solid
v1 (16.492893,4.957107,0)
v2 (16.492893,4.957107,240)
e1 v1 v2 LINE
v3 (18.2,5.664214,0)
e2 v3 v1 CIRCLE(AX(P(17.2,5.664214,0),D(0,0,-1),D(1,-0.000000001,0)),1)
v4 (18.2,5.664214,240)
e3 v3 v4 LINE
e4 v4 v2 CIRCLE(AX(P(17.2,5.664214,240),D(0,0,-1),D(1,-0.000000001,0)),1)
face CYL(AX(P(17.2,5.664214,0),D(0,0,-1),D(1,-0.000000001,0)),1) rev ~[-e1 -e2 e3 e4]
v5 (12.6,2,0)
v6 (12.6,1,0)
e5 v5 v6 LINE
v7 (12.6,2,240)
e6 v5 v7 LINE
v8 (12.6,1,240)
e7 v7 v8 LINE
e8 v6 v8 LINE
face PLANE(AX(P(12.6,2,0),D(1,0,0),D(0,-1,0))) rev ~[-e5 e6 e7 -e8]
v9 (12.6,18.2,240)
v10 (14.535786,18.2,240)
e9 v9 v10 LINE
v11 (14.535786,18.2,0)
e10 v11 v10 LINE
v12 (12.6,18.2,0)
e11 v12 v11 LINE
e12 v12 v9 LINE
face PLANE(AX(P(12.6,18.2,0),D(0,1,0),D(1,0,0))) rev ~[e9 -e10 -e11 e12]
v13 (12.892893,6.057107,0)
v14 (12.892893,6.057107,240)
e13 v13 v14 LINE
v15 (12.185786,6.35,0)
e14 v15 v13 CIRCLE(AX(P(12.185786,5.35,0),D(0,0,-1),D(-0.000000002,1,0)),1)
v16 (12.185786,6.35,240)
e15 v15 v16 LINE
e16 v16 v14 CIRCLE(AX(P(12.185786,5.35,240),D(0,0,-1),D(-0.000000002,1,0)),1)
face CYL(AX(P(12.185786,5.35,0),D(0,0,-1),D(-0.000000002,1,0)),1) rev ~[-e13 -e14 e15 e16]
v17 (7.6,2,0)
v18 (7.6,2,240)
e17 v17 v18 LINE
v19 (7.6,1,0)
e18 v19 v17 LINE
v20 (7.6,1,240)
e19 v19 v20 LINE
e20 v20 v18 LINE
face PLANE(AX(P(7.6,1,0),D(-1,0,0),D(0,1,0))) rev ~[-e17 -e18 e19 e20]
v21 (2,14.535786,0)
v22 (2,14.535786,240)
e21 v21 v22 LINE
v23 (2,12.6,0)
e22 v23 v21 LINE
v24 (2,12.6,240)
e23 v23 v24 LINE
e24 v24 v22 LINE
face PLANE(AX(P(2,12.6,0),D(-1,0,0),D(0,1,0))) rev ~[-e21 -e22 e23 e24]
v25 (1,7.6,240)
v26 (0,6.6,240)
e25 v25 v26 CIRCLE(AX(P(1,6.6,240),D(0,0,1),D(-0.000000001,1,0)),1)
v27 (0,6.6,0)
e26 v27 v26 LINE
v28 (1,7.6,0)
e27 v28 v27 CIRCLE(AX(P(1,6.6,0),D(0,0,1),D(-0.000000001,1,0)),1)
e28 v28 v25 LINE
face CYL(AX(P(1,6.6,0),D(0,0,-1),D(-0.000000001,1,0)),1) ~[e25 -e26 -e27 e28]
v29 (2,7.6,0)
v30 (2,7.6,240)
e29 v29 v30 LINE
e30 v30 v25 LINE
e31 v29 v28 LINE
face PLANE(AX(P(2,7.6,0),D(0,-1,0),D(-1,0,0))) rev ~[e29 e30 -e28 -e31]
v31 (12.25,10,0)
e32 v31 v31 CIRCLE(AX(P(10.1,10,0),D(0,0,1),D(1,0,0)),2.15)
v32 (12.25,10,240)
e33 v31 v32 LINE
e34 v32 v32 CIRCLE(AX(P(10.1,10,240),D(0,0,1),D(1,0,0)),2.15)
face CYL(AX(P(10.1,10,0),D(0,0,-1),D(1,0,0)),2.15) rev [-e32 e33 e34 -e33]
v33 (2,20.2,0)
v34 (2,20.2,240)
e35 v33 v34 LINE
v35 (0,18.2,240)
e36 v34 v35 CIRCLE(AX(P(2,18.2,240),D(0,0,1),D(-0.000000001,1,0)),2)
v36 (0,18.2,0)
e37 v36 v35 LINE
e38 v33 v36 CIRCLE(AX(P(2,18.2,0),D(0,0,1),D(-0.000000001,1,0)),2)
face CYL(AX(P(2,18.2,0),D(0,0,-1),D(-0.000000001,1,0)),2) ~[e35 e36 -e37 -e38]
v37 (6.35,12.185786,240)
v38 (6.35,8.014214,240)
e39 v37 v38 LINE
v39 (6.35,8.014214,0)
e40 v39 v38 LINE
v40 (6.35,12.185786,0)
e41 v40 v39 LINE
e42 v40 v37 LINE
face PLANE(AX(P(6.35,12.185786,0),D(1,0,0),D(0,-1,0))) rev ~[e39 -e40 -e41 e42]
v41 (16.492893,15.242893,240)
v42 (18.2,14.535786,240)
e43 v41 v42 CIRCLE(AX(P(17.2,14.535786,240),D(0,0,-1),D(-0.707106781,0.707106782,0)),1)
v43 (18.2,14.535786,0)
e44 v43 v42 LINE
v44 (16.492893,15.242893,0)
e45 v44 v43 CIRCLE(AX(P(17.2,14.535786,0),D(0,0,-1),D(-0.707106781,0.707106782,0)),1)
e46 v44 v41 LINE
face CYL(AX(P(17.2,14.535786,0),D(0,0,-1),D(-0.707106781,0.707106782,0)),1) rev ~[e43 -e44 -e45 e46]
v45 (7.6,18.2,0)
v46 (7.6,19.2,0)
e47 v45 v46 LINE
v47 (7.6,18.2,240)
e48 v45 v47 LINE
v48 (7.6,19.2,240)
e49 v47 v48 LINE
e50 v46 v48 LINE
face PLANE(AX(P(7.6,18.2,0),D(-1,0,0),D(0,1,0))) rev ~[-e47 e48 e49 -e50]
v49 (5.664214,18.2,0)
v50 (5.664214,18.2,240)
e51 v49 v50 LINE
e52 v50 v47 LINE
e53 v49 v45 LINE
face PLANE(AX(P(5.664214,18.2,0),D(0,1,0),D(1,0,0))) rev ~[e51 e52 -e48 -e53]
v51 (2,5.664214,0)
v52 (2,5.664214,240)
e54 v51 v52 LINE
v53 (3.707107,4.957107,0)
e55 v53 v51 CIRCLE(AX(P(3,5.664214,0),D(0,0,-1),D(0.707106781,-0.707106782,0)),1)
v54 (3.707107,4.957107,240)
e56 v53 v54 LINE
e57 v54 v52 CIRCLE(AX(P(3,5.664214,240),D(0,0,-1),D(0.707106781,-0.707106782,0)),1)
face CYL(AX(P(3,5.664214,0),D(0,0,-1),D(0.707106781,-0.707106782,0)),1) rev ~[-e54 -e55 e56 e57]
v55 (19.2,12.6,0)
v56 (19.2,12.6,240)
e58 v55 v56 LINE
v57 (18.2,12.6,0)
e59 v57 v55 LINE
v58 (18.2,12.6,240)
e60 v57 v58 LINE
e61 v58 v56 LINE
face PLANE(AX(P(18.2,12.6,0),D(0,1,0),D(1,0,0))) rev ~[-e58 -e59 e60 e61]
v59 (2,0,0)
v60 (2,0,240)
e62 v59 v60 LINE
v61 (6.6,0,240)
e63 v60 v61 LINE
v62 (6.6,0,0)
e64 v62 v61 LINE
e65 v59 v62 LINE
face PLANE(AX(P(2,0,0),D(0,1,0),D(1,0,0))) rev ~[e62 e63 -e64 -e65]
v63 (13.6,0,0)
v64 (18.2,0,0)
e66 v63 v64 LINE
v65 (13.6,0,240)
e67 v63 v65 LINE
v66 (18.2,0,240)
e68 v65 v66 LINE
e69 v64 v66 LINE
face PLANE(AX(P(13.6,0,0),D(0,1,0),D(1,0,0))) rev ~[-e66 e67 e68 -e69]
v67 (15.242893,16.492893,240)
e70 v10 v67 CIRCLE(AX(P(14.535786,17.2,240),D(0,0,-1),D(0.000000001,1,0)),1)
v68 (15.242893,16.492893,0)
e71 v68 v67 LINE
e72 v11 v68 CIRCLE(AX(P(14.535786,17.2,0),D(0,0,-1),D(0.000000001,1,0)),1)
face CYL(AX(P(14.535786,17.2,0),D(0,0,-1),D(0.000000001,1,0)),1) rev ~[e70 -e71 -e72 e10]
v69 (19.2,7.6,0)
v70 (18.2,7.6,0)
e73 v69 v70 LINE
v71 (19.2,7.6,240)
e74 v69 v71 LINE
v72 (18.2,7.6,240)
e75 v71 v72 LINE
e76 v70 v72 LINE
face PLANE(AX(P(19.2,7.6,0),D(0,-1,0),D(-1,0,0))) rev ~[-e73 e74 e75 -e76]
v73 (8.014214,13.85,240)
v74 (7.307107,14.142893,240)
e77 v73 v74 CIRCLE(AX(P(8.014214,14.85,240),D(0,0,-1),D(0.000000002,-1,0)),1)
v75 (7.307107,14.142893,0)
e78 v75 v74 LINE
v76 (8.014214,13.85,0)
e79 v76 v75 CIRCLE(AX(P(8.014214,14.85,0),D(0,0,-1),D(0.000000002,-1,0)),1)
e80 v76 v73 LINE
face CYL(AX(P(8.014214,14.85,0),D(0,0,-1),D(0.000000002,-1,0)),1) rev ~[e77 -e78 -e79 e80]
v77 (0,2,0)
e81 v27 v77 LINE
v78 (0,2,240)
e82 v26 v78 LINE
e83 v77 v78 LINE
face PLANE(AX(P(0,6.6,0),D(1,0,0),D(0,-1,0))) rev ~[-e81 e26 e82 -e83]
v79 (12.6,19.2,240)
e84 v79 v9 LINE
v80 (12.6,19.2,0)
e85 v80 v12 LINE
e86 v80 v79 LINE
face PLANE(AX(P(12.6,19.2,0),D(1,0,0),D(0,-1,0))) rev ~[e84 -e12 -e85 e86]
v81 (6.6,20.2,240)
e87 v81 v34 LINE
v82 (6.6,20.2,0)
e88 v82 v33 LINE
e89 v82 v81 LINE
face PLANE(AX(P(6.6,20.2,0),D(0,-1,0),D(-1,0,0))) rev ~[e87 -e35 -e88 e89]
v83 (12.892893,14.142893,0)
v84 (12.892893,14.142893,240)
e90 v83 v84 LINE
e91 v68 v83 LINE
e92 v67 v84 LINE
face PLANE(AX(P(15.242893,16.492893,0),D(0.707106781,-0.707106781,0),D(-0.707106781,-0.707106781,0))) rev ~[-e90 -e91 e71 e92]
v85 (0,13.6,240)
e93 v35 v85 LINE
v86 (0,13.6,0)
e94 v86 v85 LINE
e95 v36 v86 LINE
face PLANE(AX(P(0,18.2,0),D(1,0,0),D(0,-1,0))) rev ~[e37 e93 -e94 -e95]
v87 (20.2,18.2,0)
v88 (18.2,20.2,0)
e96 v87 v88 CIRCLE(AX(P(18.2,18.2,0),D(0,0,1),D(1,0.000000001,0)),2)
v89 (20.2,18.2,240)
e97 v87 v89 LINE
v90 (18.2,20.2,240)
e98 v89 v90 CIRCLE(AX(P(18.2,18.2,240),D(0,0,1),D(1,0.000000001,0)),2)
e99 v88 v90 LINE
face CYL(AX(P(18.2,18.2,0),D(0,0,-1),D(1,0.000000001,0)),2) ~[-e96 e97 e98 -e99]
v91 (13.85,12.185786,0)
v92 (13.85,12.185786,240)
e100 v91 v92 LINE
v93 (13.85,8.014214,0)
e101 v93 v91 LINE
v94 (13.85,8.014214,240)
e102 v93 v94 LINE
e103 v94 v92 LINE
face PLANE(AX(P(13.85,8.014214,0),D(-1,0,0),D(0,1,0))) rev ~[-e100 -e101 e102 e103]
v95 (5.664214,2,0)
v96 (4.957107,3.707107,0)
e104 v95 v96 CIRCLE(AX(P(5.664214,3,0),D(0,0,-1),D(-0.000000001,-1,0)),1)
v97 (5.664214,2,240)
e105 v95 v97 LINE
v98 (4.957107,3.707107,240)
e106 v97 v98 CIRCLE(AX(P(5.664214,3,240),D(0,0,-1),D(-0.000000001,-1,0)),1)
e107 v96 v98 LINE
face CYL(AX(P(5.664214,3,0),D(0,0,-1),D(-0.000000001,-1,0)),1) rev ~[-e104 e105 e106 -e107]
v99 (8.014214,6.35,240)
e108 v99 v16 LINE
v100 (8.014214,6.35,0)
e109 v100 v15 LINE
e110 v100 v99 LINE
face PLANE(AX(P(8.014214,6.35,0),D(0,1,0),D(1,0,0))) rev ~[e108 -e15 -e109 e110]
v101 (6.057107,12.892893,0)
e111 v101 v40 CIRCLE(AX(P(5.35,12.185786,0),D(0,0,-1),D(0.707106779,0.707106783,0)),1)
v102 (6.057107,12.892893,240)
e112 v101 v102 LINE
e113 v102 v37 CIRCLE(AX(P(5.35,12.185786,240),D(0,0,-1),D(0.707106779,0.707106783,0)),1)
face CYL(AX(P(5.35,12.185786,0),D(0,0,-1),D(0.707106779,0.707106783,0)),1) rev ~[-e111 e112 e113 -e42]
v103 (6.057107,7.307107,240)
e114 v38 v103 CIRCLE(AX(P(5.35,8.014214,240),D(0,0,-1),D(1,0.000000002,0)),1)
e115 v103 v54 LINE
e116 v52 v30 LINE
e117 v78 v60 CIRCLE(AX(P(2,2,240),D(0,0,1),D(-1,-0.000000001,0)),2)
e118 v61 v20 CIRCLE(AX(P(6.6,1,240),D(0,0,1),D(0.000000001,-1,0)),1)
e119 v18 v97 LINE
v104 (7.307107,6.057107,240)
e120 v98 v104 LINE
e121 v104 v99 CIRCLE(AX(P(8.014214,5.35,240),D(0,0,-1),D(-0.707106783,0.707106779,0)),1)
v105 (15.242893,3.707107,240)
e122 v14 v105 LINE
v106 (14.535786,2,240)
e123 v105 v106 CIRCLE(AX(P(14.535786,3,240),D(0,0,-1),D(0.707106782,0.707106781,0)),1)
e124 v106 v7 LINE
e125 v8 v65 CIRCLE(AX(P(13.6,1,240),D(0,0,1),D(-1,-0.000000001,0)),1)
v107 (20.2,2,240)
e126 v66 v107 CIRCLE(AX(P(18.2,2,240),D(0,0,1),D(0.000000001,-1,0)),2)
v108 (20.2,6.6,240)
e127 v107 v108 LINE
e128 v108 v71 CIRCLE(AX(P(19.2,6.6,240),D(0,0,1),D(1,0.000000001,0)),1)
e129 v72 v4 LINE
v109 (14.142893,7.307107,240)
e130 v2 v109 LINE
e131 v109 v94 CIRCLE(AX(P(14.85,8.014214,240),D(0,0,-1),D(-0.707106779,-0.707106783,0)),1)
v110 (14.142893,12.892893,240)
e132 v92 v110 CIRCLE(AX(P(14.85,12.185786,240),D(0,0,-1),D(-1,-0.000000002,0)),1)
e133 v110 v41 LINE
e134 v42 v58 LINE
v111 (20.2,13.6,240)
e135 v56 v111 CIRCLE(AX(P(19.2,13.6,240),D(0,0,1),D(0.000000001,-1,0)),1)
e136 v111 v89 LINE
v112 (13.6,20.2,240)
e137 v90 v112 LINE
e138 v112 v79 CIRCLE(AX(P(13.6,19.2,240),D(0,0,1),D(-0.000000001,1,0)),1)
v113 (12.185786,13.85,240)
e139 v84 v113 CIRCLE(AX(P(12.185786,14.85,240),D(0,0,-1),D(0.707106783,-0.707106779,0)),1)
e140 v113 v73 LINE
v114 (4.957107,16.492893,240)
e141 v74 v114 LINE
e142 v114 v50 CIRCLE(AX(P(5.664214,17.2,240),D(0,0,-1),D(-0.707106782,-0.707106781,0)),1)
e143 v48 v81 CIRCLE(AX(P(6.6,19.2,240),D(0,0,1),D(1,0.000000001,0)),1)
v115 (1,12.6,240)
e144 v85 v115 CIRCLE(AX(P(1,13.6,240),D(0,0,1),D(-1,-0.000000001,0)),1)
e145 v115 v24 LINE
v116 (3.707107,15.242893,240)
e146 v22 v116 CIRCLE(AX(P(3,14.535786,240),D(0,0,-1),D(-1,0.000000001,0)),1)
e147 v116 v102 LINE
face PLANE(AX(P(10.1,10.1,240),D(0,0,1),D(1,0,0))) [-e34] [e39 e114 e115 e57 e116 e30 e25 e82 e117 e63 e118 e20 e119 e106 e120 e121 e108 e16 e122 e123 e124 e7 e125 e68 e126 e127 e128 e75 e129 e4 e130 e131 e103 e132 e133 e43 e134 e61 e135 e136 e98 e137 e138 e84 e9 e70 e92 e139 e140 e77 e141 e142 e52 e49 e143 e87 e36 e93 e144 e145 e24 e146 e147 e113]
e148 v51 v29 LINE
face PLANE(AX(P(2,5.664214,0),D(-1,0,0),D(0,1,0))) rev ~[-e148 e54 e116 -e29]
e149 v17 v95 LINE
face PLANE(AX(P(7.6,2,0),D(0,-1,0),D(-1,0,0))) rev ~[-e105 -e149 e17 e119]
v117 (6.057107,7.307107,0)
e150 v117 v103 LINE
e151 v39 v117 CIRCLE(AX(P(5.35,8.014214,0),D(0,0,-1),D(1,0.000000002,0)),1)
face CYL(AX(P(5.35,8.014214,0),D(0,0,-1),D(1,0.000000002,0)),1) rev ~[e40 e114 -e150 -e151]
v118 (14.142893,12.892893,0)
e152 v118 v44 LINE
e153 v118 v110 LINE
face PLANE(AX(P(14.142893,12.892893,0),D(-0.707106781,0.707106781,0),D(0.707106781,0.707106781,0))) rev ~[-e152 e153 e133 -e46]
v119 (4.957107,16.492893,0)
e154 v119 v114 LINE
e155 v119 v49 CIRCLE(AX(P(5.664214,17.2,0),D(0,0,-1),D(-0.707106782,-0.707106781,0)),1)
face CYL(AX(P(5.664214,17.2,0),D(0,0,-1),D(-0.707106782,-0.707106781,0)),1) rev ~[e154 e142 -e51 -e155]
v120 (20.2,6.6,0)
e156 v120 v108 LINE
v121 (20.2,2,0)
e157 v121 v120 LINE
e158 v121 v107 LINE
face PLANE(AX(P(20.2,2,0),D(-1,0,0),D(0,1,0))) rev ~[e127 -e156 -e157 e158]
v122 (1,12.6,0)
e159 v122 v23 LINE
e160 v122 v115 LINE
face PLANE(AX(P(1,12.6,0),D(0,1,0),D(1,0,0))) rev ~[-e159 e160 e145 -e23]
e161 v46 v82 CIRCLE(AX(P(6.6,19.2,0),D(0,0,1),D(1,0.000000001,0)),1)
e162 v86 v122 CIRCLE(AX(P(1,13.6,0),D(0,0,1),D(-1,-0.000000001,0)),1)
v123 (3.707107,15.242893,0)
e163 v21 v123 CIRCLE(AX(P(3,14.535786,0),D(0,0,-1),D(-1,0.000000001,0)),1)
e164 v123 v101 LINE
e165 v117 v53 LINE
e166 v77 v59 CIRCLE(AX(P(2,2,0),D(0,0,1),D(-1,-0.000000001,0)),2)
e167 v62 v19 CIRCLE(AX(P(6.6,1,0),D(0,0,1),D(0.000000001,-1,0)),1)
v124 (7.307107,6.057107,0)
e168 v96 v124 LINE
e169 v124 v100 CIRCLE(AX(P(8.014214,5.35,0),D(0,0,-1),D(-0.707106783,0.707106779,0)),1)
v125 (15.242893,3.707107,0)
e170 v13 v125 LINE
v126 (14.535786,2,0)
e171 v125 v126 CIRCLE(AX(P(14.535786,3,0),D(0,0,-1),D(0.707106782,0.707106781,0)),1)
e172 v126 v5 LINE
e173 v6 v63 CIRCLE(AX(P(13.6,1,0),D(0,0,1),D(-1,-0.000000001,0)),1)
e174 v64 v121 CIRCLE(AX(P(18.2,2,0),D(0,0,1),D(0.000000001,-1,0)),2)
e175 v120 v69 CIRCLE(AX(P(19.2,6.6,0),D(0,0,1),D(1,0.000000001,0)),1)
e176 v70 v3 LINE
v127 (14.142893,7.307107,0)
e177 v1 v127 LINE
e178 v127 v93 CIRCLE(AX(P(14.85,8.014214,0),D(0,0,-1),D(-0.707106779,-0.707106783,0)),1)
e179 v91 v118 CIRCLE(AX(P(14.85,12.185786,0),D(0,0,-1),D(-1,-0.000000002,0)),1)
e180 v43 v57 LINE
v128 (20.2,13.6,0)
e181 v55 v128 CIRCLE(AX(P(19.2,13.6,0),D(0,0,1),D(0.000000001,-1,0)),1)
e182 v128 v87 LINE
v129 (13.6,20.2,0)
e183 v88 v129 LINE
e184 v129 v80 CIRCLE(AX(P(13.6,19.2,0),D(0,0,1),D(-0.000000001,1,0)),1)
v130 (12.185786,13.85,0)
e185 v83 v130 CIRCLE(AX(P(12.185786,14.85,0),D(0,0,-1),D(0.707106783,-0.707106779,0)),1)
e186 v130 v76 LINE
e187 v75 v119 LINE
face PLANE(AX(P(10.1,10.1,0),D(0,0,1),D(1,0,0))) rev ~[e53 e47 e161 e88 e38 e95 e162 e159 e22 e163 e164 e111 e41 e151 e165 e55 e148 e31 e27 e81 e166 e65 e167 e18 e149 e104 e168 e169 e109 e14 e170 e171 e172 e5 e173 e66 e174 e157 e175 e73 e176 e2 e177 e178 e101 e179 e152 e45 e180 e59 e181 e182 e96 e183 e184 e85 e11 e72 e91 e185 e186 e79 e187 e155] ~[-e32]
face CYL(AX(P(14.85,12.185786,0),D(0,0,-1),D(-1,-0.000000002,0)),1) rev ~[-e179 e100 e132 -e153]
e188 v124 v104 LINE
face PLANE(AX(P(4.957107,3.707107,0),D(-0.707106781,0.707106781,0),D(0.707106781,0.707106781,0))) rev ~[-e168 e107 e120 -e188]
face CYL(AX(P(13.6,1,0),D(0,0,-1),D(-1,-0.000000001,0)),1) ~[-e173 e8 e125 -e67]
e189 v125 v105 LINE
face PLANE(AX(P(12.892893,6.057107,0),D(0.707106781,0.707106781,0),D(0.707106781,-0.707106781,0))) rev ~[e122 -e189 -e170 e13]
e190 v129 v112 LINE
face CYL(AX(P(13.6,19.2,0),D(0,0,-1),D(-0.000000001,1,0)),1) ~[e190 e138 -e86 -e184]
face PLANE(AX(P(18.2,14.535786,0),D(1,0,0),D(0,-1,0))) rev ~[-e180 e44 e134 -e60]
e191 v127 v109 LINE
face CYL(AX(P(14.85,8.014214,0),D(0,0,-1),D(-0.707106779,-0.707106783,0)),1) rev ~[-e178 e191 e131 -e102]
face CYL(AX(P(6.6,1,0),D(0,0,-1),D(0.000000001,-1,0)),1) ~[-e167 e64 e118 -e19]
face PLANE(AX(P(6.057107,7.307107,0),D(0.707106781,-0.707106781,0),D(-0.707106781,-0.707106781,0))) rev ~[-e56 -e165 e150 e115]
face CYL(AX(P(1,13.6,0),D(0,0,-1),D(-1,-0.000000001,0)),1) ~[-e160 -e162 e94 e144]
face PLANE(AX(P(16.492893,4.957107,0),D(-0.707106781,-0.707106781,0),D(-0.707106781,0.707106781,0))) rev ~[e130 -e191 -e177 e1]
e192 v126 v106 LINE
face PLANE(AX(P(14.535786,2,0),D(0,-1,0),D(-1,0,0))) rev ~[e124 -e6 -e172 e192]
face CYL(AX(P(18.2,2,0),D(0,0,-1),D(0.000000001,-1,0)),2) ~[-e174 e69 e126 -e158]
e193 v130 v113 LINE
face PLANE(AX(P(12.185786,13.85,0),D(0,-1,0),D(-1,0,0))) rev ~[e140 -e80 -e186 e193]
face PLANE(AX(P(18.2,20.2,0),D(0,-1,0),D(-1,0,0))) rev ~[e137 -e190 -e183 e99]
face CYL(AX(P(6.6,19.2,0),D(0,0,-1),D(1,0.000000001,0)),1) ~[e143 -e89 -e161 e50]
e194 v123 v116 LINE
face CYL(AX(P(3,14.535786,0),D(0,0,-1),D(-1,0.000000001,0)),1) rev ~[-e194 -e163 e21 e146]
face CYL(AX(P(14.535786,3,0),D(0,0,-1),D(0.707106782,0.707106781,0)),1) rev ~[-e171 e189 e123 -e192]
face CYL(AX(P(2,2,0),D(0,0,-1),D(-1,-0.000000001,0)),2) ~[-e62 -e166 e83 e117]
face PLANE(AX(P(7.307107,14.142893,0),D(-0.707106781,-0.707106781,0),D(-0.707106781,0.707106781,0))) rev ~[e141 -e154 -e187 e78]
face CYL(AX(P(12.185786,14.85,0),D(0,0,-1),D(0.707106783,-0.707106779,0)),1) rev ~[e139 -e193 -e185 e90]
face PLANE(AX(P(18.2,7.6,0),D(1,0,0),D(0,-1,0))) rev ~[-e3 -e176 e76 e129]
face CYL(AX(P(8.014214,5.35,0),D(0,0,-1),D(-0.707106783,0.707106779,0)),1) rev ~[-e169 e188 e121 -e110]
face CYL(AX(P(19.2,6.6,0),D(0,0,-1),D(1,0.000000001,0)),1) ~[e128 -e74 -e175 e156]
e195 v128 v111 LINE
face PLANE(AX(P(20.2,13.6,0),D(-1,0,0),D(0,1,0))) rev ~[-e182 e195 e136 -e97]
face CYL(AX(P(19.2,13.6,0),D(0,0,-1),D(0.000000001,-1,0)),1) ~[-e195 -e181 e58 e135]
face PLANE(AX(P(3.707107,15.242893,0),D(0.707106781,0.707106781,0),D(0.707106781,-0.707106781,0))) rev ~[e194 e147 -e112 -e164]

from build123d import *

# Parameters (mm, degrees)
SKETCH1_R           = 2.15
BOSS_EXTRUDE1_DEPTH = 240


with BuildPart() as part:
    # Sketch1 → Boss-Extrude1 (new body)
    with BuildSketch(Plane.XY):
        with BuildLine():
            Line((2, 0), (6.6, 0))
            ThreePointArc((6.6, 0), (7.307106781, 0.292893219), (7.6, 1))
            Line((7.6, 1), (7.6, 2))
            Line((7.6, 2), (5.664213562, 2))
            ThreePointArc((5.664213562, 2), (4.74033403, 2.617316568), (4.957106781, 3.707106781))
            Line((4.957106781, 3.707106781), (7.307106781, 6.057106781))
            ThreePointArc((7.307106781, 6.057106781), (7.63153013, 6.273879533), (8.014213562, 6.35))
            Line((8.014213562, 6.35), (12.185786438, 6.35))
            ThreePointArc((12.185786438, 6.35), (12.56846987, 6.273879533), (12.892893219, 6.057106781))
            Line((12.892893219, 6.057106781), (15.242893219, 3.707106781))
            ThreePointArc((15.242893219, 3.707106781), (15.45966597, 2.617316568), (14.535786438, 2))
            Line((14.535786438, 2), (12.6, 2))
            Line((12.6, 2), (12.6, 1))
            ThreePointArc((12.6, 1), (12.892893219, 0.292893219), (13.6, 0))
            Line((13.6, 0), (18.2, 0))
            ThreePointArc((18.2, 0), (19.614213562, 0.585786438), (20.2, 2))
            Line((20.2, 2), (20.2, 6.6))
            ThreePointArc((20.2, 6.6), (19.907106781, 7.307106781), (19.2, 7.6))
            Line((19.2, 7.6), (18.2, 7.6))
            Line((18.2, 7.6), (18.2, 5.664213562))
            ThreePointArc((18.2, 5.664213562), (17.582683432, 4.74033403), (16.492893219, 4.957106781))
            Line((16.492893219, 4.957106781), (14.142893219, 7.307106781))
            ThreePointArc((14.142893219, 7.307106781), (13.926120467, 7.63153013), (13.85, 8.014213562))
            Line((13.85, 8.014213562), (13.85, 12.185786438))
            ThreePointArc((13.85, 12.185786438), (13.926120467, 12.56846987), (14.142893219, 12.892893219))
            Line((14.142893219, 12.892893219), (16.492893219, 15.242893219))
            ThreePointArc((16.492893219, 15.242893219), (17.582683432, 15.45966597), (18.2, 14.535786438))
            Line((18.2, 14.535786438), (18.2, 12.6))
            Line((18.2, 12.6), (19.2, 12.6))
            ThreePointArc((19.2, 12.6), (19.907106781, 12.892893219), (20.2, 13.6))
            Line((20.2, 13.6), (20.2, 18.2))
            ThreePointArc((20.2, 18.2), (19.614213562, 19.614213562), (18.2, 20.2))
            Line((18.2, 20.2), (13.6, 20.2))
            ThreePointArc((13.6, 20.2), (12.892893219, 19.907106781), (12.6, 19.2))
            Line((12.6, 19.2), (12.6, 18.2))
            Line((12.6, 18.2), (14.535786438, 18.2))
            ThreePointArc((14.535786438, 18.2), (15.45966597, 17.582683432), (15.242893219, 16.492893219))
            Line((15.242893219, 16.492893219), (12.892893219, 14.142893219))
            ThreePointArc((12.892893219, 14.142893219), (12.56846987, 13.926120467), (12.185786438, 13.85))
            Line((12.185786438, 13.85), (8.014213562, 13.85))
            ThreePointArc((8.014213562, 13.85), (7.63153013, 13.926120467), (7.307106781, 14.142893219))
            Line((7.307106781, 14.142893219), (4.957106781, 16.492893219))
            ThreePointArc((4.957106781, 16.492893219), (4.74033403, 17.582683432), (5.664213562, 18.2))
            Line((5.664213562, 18.2), (7.6, 18.2))
            Line((7.6, 18.2), (7.6, 19.2))
            ThreePointArc((7.6, 19.2), (7.307106781, 19.907106781), (6.6, 20.2))
            Line((6.6, 20.2), (2, 20.2))
            ThreePointArc((2, 20.2), (0.585786438, 19.614213562), (0, 18.2))
            Line((0, 18.2), (0, 13.6))
            ThreePointArc((0, 13.6), (0.292893219, 12.892893219), (1, 12.6))
            Line((1, 12.6), (2, 12.6))
            Line((2, 12.6), (2, 14.535786438))
            ThreePointArc((2, 14.535786438), (2.617316568, 15.45966597), (3.707106781, 15.242893219))
            Line((3.707106781, 15.242893219), (6.057106781, 12.892893219))
            ThreePointArc((6.057106781, 12.892893219), (6.273879533, 12.56846987), (6.35, 12.185786438))
            Line((6.35, 12.185786438), (6.35, 8.014213562))
            ThreePointArc((6.35, 8.014213562), (6.273879533, 7.63153013), (6.057106781, 7.307106781))
            Line((6.057106781, 7.307106781), (3.707106781, 4.957106781))
            ThreePointArc((3.707106781, 4.957106781), (2.617316568, 4.74033403), (2, 5.664213562))
            Line((2, 5.664213562), (2, 7.6))
            Line((2, 7.6), (1, 7.6))
            ThreePointArc((1, 7.6), (0.292893219, 7.307106781), (0, 6.6))
            Line((0, 6.6), (0, 2))
            ThreePointArc((0, 2), (0.585786438, 0.585786438), (2, 0))
        make_face()
        with Locations((10.1, 10)):
            Circle(SKETCH1_R, mode=Mode.SUBTRACT)
    extrude(amount=BOSS_EXTRUDE1_DEPTH)


solid = part.part
